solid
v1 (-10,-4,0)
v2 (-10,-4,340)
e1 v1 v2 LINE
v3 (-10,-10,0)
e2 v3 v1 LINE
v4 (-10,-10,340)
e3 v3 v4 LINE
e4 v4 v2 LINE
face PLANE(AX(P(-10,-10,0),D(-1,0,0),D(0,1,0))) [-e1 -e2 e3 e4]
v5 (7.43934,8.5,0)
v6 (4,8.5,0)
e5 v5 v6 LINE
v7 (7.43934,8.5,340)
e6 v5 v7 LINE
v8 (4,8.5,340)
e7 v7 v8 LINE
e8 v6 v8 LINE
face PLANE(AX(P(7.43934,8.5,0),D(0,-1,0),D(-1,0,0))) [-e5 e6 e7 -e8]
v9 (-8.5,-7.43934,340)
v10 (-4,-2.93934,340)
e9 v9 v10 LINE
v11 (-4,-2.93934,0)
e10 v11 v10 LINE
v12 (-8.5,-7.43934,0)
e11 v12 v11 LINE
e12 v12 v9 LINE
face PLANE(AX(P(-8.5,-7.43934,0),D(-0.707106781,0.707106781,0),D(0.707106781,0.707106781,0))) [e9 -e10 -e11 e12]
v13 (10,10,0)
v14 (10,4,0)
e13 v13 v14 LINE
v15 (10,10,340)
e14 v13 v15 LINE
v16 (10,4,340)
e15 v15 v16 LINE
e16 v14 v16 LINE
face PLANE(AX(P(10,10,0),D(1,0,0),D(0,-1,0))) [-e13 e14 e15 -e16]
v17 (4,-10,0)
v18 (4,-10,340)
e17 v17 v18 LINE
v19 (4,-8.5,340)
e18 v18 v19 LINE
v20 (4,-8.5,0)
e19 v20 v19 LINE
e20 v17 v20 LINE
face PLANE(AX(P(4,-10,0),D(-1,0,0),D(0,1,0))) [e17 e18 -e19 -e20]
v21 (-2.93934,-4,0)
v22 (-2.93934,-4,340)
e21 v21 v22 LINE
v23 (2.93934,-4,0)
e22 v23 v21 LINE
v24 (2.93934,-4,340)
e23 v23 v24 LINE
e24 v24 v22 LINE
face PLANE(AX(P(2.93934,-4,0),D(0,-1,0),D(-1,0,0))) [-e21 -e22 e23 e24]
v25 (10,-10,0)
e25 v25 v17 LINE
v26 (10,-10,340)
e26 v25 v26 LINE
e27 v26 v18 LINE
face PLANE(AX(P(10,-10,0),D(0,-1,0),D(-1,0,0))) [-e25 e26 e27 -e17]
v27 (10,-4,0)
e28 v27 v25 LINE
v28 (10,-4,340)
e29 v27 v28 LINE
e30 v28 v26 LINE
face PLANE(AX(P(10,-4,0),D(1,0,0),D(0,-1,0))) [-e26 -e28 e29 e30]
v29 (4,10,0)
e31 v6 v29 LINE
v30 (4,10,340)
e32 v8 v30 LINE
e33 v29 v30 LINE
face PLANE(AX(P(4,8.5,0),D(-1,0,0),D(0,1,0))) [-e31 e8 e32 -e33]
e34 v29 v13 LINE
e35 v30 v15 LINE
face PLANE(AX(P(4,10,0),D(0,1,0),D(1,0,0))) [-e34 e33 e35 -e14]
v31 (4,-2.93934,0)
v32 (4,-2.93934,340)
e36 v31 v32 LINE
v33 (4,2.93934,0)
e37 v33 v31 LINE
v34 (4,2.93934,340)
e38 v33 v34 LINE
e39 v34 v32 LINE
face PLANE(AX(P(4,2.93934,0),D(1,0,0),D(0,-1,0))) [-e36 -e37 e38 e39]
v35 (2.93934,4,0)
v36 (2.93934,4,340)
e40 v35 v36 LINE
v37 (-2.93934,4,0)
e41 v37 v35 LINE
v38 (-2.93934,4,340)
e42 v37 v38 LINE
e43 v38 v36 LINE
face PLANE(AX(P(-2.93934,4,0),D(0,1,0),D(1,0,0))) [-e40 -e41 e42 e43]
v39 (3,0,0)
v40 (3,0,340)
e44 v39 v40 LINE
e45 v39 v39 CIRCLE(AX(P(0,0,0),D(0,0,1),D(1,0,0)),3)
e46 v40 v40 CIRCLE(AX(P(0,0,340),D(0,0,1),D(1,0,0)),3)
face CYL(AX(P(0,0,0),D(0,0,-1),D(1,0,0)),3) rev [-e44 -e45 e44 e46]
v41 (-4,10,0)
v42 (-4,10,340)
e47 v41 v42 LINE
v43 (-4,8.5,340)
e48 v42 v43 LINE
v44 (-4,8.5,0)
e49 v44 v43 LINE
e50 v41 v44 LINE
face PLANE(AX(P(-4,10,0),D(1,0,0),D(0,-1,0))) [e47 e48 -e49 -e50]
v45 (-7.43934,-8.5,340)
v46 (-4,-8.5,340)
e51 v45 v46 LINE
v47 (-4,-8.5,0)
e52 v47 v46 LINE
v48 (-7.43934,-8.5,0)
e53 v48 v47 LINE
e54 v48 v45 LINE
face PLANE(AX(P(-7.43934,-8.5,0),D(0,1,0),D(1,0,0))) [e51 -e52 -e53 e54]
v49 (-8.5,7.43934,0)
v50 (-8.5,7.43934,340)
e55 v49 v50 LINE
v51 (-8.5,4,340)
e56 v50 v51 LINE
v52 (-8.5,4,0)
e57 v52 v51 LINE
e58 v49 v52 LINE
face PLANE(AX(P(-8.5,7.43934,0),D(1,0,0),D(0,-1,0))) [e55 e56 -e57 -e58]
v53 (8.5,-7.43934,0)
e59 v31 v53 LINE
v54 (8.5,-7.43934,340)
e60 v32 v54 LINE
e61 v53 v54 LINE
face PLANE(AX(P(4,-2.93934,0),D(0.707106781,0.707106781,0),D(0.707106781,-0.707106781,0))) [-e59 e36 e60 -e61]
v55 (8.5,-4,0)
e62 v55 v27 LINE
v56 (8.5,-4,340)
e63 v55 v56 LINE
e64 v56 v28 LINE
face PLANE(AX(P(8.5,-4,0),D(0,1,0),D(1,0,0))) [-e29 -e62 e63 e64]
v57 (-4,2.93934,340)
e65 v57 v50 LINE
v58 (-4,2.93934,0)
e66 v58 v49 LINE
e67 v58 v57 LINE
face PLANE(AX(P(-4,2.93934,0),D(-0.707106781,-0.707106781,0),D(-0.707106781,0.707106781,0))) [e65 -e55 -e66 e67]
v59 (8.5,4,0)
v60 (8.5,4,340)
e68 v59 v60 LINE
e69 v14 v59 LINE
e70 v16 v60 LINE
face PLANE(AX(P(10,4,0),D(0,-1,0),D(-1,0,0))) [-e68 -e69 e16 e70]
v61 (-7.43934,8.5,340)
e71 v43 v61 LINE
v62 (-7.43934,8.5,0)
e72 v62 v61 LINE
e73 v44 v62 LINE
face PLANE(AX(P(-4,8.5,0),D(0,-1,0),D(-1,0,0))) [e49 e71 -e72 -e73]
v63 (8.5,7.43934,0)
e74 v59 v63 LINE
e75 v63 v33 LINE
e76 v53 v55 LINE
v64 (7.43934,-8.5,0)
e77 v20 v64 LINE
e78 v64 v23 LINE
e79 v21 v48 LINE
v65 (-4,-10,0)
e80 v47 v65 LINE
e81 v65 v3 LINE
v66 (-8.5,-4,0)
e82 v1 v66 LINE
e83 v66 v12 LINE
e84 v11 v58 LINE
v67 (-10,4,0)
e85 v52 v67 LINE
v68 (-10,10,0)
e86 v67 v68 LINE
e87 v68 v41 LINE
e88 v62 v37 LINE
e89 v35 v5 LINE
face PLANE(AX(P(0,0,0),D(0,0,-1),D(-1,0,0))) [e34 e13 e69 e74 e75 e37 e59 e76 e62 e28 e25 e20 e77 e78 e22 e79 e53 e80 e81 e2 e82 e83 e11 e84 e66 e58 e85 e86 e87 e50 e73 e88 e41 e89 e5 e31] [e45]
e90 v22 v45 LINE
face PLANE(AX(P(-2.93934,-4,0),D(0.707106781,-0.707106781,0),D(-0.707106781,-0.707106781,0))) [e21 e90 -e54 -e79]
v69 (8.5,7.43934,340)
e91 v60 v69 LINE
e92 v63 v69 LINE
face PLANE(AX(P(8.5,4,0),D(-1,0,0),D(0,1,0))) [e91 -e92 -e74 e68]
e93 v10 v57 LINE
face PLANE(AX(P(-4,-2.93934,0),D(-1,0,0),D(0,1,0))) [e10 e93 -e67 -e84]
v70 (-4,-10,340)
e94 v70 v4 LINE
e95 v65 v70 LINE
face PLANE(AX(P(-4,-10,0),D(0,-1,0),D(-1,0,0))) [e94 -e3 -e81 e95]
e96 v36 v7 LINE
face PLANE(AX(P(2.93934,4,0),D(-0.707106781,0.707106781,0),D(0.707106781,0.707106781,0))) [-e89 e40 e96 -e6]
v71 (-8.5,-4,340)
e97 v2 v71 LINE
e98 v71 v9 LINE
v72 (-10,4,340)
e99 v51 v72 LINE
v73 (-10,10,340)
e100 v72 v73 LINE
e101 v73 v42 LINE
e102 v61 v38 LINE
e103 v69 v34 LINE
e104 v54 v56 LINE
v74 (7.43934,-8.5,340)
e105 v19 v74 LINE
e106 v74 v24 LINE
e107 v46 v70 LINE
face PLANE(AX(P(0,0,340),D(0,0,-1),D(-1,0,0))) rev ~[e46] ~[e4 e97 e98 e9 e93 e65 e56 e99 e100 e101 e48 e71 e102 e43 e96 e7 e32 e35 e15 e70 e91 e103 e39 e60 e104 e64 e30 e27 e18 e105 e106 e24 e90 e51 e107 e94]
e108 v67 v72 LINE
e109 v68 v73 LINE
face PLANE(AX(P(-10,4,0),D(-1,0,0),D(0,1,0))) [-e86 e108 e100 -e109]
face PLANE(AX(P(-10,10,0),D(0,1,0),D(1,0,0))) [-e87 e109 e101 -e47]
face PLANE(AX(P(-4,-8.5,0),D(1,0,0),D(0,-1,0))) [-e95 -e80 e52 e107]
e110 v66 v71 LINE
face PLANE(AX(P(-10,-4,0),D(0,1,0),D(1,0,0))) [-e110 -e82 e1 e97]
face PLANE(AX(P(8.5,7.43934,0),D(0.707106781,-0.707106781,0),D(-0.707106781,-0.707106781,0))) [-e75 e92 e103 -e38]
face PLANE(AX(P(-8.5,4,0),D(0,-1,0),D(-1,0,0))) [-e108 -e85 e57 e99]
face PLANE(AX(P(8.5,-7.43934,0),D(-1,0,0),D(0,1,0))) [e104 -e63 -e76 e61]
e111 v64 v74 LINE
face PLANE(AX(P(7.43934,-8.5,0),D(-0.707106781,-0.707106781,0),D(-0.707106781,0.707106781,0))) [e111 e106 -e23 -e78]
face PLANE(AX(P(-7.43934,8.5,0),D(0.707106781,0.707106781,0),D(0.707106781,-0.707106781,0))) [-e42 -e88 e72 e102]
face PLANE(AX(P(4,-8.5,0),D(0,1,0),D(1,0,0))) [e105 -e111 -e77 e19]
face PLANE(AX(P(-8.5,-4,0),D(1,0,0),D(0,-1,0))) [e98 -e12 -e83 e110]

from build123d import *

# Parameters (mm, degrees)
ESBO_O1_R                = 3
RESSALTO_EXTRUS_O1_DEPTH = 340


with BuildPart() as part:
    # Esboço1 → Ressalto-extrusão1 (new body)
    with BuildSketch(Plane.XY):
        Polygon((-2.939339828, 4), (2.939339828, 4), (7.439339828, 8.5), (4, 8.5), (4, 10), (10, 10), (10, 4), (8.5, 4), (8.5, 7.439339828), (4, 2.939339828), (4, -2.939339828), (8.5, -7.439339828), (8.5, -4), (10, -4), (10, -10), (4, -10), (4, -8.5), (7.439339828, -8.5), (2.939339828, -4), (-2.939339828, -4), (-7.439339828, -8.5), (-4, -8.5), (-4, -10), (-10, -10), (-10, -4), (-8.5, -4), (-8.5, -7.439339828), (-4, -2.939339828), (-4, 2.939339828), (-8.5, 7.439339828), (-8.5, 4), (-10, 4), (-10, 10), (-4, 10), (-4, 8.5), (-7.439339828, 8.5), align=None)
        Circle(ESBO_O1_R, mode=Mode.SUBTRACT)
    extrude(amount=RESSALTO_EXTRUS_O1_DEPTH)


solid = part.part
